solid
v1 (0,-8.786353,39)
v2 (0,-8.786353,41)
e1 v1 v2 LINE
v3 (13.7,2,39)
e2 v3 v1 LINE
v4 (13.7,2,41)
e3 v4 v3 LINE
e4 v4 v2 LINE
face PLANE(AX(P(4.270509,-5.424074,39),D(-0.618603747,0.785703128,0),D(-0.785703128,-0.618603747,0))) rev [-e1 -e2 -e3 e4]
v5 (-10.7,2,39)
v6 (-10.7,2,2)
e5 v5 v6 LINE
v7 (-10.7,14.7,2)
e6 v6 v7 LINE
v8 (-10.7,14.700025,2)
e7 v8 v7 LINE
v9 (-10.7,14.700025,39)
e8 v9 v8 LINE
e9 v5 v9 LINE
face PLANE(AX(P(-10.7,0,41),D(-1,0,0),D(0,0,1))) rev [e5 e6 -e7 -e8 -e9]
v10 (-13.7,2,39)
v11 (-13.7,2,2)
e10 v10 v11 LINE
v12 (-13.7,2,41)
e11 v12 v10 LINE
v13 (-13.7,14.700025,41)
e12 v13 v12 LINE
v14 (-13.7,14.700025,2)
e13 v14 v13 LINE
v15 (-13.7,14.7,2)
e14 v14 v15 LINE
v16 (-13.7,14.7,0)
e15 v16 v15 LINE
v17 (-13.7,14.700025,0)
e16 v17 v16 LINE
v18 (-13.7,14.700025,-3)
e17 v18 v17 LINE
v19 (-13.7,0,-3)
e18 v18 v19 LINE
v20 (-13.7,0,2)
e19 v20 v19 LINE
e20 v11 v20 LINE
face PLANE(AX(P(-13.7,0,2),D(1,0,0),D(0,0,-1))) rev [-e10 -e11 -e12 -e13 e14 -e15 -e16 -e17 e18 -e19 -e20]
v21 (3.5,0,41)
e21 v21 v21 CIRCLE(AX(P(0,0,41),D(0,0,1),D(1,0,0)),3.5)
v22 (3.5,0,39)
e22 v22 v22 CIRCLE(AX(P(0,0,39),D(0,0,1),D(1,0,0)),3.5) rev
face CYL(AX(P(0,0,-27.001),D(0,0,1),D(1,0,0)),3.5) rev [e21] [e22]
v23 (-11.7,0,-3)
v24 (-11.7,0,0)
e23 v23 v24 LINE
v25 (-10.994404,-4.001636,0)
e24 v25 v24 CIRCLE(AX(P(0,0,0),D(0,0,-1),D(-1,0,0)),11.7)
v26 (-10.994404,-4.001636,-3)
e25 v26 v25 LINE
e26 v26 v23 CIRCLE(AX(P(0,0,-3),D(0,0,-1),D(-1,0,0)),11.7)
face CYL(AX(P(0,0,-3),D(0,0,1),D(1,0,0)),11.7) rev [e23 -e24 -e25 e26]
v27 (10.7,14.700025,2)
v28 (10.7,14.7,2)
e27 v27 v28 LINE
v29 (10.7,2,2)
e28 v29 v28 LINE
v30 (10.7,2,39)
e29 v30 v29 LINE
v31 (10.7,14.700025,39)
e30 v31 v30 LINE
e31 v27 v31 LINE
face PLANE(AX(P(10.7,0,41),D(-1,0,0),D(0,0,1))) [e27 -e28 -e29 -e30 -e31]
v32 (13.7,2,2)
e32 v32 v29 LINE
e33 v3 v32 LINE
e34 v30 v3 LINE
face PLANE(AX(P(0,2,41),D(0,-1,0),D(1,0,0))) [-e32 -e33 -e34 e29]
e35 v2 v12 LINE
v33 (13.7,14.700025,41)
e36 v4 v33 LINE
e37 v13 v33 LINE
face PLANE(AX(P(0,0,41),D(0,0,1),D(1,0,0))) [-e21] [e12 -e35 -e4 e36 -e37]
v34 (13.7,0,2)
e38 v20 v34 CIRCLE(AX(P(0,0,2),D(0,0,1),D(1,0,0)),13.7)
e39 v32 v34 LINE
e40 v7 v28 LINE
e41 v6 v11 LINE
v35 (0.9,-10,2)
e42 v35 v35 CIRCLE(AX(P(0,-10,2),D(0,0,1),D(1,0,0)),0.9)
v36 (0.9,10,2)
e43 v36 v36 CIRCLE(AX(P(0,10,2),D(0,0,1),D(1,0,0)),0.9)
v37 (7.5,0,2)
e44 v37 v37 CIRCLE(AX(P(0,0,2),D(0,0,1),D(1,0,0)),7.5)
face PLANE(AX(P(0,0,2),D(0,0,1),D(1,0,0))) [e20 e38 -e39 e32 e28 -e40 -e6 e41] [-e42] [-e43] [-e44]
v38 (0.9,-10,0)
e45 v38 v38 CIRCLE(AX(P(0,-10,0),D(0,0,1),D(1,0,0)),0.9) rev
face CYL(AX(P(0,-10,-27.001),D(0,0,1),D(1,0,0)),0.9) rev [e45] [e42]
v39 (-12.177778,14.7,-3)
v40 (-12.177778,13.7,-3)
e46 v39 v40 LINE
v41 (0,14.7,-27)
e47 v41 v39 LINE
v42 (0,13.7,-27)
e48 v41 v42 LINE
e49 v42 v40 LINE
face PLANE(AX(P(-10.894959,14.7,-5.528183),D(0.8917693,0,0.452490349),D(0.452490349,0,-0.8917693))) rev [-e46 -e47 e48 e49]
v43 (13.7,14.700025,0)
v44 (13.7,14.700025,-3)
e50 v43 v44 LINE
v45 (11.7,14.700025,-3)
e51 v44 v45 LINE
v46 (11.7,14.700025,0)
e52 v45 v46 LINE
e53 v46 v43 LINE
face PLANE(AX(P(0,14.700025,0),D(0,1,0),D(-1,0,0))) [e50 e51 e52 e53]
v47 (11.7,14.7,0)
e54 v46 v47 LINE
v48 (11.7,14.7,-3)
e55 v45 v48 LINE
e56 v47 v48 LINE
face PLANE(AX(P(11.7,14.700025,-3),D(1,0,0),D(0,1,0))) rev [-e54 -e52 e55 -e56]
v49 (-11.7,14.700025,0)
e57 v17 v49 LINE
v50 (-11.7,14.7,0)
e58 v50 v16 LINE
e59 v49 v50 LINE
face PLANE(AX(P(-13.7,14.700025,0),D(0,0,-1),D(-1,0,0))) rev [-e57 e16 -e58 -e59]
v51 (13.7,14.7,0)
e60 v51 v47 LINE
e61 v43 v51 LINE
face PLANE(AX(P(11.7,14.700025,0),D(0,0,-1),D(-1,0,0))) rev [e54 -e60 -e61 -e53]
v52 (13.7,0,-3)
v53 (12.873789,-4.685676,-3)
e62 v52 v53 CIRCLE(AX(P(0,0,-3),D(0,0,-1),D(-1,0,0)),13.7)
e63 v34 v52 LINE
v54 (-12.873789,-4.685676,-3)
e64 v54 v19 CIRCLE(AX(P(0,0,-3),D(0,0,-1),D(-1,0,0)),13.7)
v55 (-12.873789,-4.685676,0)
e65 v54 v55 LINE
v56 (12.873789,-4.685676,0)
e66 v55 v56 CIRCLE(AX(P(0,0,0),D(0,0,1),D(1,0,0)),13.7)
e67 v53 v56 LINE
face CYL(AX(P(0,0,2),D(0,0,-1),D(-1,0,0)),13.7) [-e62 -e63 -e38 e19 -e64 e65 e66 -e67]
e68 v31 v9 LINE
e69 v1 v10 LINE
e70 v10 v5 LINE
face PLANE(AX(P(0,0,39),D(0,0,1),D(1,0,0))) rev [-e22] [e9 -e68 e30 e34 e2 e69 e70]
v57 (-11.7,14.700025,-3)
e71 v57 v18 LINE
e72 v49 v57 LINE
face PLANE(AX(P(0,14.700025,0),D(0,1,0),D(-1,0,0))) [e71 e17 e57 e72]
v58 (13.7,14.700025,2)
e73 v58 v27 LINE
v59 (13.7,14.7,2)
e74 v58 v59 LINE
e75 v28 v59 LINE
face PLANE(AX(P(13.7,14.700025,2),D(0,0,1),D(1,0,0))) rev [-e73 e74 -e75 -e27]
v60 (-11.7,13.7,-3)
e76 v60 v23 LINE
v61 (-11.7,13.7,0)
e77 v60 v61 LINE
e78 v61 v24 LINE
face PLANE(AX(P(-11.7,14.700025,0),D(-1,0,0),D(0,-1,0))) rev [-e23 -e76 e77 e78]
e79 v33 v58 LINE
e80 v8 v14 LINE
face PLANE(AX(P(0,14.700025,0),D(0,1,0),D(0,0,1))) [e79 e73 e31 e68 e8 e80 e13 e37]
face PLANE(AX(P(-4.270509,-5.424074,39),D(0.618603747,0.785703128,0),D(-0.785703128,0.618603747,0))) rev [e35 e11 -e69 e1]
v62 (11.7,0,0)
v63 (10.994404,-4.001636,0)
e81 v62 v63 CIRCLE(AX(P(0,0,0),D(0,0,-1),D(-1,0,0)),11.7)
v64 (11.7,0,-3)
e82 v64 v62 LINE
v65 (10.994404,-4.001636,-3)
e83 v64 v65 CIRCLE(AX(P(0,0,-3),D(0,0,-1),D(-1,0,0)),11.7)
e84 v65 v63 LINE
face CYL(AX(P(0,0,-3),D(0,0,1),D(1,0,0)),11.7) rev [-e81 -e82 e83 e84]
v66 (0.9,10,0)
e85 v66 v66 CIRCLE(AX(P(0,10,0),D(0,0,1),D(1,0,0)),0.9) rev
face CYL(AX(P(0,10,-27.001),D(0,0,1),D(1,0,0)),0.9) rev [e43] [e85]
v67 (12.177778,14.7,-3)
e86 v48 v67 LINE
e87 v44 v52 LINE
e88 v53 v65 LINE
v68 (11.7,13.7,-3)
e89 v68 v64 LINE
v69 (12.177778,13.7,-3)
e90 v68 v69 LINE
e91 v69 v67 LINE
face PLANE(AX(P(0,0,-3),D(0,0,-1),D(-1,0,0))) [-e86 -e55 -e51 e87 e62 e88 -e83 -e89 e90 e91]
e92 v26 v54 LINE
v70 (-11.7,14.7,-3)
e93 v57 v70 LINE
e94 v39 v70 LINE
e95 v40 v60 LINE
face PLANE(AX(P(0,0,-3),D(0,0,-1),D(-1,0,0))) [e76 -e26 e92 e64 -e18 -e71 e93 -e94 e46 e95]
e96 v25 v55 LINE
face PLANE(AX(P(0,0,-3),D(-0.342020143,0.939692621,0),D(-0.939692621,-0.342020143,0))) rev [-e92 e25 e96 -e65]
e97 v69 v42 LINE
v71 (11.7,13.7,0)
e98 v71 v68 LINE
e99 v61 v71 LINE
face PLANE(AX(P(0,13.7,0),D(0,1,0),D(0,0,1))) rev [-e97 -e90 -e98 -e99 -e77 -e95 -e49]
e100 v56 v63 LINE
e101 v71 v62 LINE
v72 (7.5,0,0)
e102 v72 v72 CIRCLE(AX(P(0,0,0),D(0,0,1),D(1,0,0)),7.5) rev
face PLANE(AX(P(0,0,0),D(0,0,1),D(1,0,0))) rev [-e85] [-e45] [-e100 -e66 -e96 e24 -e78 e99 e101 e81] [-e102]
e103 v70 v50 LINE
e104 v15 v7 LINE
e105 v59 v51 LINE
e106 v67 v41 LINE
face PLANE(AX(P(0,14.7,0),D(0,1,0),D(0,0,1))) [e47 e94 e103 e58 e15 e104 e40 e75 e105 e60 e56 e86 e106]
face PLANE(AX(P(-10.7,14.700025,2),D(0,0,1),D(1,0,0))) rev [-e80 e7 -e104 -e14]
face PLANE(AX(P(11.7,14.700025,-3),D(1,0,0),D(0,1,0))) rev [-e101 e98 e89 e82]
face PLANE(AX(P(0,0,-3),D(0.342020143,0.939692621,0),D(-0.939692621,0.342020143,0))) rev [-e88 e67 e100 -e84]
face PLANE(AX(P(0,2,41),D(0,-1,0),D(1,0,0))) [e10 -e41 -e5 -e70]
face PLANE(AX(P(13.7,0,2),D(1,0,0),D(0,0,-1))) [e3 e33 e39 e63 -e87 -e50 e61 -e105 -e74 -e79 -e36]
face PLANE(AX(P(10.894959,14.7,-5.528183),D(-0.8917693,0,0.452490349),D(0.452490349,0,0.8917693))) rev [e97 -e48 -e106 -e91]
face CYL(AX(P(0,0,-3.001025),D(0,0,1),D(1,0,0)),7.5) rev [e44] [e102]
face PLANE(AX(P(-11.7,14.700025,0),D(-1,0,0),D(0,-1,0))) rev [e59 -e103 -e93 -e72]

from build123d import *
from build123d.topology import SkipClean

# Parameters (mm, degrees)
BOSS_EXTRUDE1_DEPTH = 2
BOSS_EXTRUDE2_START = 3
BOSS_EXTRUDE2_DEPTH = 3
CUT_EXTRUDE1_REACH  = 22.009
SKETCH5_R           = 7.5
BOSS_EXTRUDE3_DEPTH = 1
SKETCH8_W           = 3
SKETCH8_H           = 5
BOSS_EXTRUDE4_DEPTH = 39
BOSS_EXTRUDE5_DEPTH = 2
CUT_EXTRUDE2_REACH  = 72.907
SKETCH10_R          = 3.5
CUT_EXTRUDE4_REACH  = 45.872
SKETCH11_R          = 0.9
BOSS_EXTRUDE6_DEPTH = 7.7
SKETCH16_W          = 2
SKETCH16_H          = 3
BOSS_EXTRUDE7_DEPTH = 14.7


with BuildPart() as part:
    # Sketch2 → Boss-Extrude1 (new body)
    with BuildSketch(Plane.XY):
        with BuildLine():
            ThreePointArc((13.7, 0), (9.687362902, 9.687362902), (0, 13.7))
            ThreePointArc((0, 13.7), (-9.687362902, 9.687362902), (-13.7, 0))
            Line((-13.7, 0), (13.7, 0))
        make_face()
        with BuildLine():
            Line((13.7, 0), (-13.7, 0))
            ThreePointArc((-13.7, 0), (0, -13.7), (13.7, 0))
        make_face()
        with BuildLine():
            Line((13.7, 13.7), (0, 13.7))
            ThreePointArc((0, 13.7), (9.687362902, 9.687362902), (13.7, 0))
            Line((13.7, 0), (13.7, 13.7))
        make_face()
        with BuildLine():
            Line((0, 13.7), (-13.7, 13.7))
            Line((-13.7, 13.7), (-13.7, 0))
            ThreePointArc((-13.7, 0), (-9.687362902, 9.687362902), (0, 13.7))
        make_face()
        with BuildLine():
            ThreePointArc((13.7, 0), (9.687362902, 9.687362902), (0, 13.7))
            ThreePointArc((0, 13.7), (-9.687362902, 9.687362902), (-13.7, 0))
            Line((-13.7, 0), (13.7, 0))
        make_face()
        with BuildLine():
            Line((13.7, 0), (-13.7, 0))
            ThreePointArc((-13.7, 0), (0, -13.7), (13.7, 0))
        make_face()
    extrude(amount=BOSS_EXTRUDE1_DEPTH)

    # Sketch3 → Boss-Extrude2 (add)
    with SkipClean():  # the faces are left unmerged after this step: merging them gives an invalid solid
        with BuildSketch(Plane(origin=(0, 0, 0), x_dir=(-1, 0, 0), z_dir=(0, 0, -1)).offset(BOSS_EXTRUDE2_START)):
            with BuildLine():
                Line((-11.7, 0), (-13.7, 0))
                ThreePointArc((-13.7, 0), (-13.491866216, -2.378980034), (-12.873788905, -4.685675964))
                Line((-12.873788905, -4.685675964), (-10.994403663, -4.001635677))
                ThreePointArc((-10.994403663, -4.001635677), (-11.52225071, -2.031683679), (-11.7, 0))
            make_face()
            with BuildLine():
                ThreePointArc((11.7, 0), (11.52225071, -2.031683679), (10.994403663, -4.001635677))
                Line((10.994403663, -4.001635677), (12.873788905, -4.685675964))
                ThreePointArc((12.873788905, -4.685675964), (13.491866216, -2.378980034), (13.7, 0))
                Line((13.7, 0), (11.7, 0))
            make_face()
        extrude(amount=-BOSS_EXTRUDE2_DEPTH)

    # Sketch5 → Cut-Extrude1 (cut, up to next)
    with BuildSketch(Plane.XY.offset(2), mode=Mode.PRIVATE) as cut_extrude1_sk1:
        Circle(SKETCH5_R)
    cut_extrude1_tool1 = extrude(cut_extrude1_sk1.sketch, amount=-CUT_EXTRUDE1_REACH, mode=Mode.PRIVATE) & part.part
    add(cut_extrude1_tool1.solids().sort_by_distance((0, 0, 2))[0], mode=Mode.SUBTRACT)

    # Sketch7 → Boss-Extrude3 (add)
    with SkipClean():  # the faces are left unmerged after this step: merging them gives an invalid solid
        with BuildSketch(Plane(origin=(0, 13.7, 0), x_dir=(1, 0, 0), z_dir=(0, 1, 0))):
            Polygon((0, 0), (13.7, 0), (0, 27), (-13.7, 0), align=None)
            Polygon((13.7, -2), (13.7, 0), (0, 0), (-13.7, 0), (-13.7, -2), align=None)
        extrude(amount=BOSS_EXTRUDE3_DEPTH)

    # Sketch8 → Boss-Extrude4 (add)
    with SkipClean():  # the faces are left unmerged after this step: merging them gives an invalid solid
        with BuildSketch(Plane.XY.offset(2)):
            with Locations((-12.2, 4.5)):
                Rectangle(SKETCH8_W, SKETCH8_H)
            with Locations((12.2, 4.5)):
                Rectangle(SKETCH8_W, SKETCH8_H)
        extrude(amount=BOSS_EXTRUDE4_DEPTH)

    # Sketch9 → Boss-Extrude5 (add)
    with SkipClean():  # the faces are left unmerged after this step: merging them gives an invalid solid
        with BuildSketch(Plane.XY.offset(41)):
            Polygon((-10.7, 2), (-13.7, 2), (0, -8.786353055), (13.7, 2), (10.7, 2), (10.7, 7), (-10.7, 7), align=None)
        extrude(amount=-BOSS_EXTRUDE5_DEPTH)

    # Sketch10 → Cut-Extrude2 (cut, up to next)
    with BuildSketch(Plane.XY.offset(41), mode=Mode.PRIVATE) as cut_extrude2_sk1:
        Circle(SKETCH10_R)
    cut_extrude2_tool1 = extrude(cut_extrude2_sk1.sketch, amount=-CUT_EXTRUDE2_REACH, mode=Mode.PRIVATE) & part.part
    add(cut_extrude2_tool1.solids().sort_by_distance((0, 0, 41))[0], mode=Mode.SUBTRACT)

    # Sketch11 → Cut-Extrude4 (cut, up to next)
    with BuildSketch(Plane.XY.offset(2), mode=Mode.PRIVATE) as cut_extrude4_sk1:
        with Locations((0, 10)):
            Circle(SKETCH11_R)
    cut_extrude4_tool1 = extrude(cut_extrude4_sk1.sketch, amount=-CUT_EXTRUDE4_REACH, mode=Mode.PRIVATE) & part.part
    # Sketch11 → Cut-Extrude4 (cut, up to next)
    with BuildSketch(Plane.XY.offset(2), mode=Mode.PRIVATE) as cut_extrude4_sk2:
        with Locations((0, -10)):
            Circle(SKETCH11_R)
    cut_extrude4_tool2 = extrude(cut_extrude4_sk2.sketch, amount=-CUT_EXTRUDE4_REACH, mode=Mode.PRIVATE) & part.part
    add(cut_extrude4_tool1.solids().sort_by_distance((0, 10, 2))[0], mode=Mode.SUBTRACT)
    add(cut_extrude4_tool2.solids().sort_by_distance((0, -10, 2))[0], mode=Mode.SUBTRACT)

    # Sketch15 → Boss-Extrude6 (add, through all)
    with SkipClean():  # the faces are left unmerged after this step: merging them gives an invalid solid
        with BuildSketch(Plane(origin=(0, 7, 0), x_dir=(1, 0, 0), z_dir=(0, 1, 0))):
            Polygon((-10.7, -2), (-13.7, -2), (-13.7, -41), (13.7, -41), (13.7, -2), (10.7, -2), (10.7, -39), (-10.7, -39), align=None)
        extrude(amount=BOSS_EXTRUDE6_DEPTH)

    # Sketch16 → Boss-Extrude7 (add, through all)
    with SkipClean():  # the faces are left unmerged after this step: merging them gives an invalid solid
        with BuildSketch(Plane(origin=(0, 0, 0), x_dir=(1, 0, 0), z_dir=(0, 1, 0))):
            with Locations((12.7, 1.5)):
                Rectangle(SKETCH16_W, SKETCH16_H)
            with Locations((-12.7, 1.5)):
                Rectangle(SKETCH16_W, SKETCH16_H)
        extrude(amount=BOSS_EXTRUDE7_DEPTH)


solid = part.part
